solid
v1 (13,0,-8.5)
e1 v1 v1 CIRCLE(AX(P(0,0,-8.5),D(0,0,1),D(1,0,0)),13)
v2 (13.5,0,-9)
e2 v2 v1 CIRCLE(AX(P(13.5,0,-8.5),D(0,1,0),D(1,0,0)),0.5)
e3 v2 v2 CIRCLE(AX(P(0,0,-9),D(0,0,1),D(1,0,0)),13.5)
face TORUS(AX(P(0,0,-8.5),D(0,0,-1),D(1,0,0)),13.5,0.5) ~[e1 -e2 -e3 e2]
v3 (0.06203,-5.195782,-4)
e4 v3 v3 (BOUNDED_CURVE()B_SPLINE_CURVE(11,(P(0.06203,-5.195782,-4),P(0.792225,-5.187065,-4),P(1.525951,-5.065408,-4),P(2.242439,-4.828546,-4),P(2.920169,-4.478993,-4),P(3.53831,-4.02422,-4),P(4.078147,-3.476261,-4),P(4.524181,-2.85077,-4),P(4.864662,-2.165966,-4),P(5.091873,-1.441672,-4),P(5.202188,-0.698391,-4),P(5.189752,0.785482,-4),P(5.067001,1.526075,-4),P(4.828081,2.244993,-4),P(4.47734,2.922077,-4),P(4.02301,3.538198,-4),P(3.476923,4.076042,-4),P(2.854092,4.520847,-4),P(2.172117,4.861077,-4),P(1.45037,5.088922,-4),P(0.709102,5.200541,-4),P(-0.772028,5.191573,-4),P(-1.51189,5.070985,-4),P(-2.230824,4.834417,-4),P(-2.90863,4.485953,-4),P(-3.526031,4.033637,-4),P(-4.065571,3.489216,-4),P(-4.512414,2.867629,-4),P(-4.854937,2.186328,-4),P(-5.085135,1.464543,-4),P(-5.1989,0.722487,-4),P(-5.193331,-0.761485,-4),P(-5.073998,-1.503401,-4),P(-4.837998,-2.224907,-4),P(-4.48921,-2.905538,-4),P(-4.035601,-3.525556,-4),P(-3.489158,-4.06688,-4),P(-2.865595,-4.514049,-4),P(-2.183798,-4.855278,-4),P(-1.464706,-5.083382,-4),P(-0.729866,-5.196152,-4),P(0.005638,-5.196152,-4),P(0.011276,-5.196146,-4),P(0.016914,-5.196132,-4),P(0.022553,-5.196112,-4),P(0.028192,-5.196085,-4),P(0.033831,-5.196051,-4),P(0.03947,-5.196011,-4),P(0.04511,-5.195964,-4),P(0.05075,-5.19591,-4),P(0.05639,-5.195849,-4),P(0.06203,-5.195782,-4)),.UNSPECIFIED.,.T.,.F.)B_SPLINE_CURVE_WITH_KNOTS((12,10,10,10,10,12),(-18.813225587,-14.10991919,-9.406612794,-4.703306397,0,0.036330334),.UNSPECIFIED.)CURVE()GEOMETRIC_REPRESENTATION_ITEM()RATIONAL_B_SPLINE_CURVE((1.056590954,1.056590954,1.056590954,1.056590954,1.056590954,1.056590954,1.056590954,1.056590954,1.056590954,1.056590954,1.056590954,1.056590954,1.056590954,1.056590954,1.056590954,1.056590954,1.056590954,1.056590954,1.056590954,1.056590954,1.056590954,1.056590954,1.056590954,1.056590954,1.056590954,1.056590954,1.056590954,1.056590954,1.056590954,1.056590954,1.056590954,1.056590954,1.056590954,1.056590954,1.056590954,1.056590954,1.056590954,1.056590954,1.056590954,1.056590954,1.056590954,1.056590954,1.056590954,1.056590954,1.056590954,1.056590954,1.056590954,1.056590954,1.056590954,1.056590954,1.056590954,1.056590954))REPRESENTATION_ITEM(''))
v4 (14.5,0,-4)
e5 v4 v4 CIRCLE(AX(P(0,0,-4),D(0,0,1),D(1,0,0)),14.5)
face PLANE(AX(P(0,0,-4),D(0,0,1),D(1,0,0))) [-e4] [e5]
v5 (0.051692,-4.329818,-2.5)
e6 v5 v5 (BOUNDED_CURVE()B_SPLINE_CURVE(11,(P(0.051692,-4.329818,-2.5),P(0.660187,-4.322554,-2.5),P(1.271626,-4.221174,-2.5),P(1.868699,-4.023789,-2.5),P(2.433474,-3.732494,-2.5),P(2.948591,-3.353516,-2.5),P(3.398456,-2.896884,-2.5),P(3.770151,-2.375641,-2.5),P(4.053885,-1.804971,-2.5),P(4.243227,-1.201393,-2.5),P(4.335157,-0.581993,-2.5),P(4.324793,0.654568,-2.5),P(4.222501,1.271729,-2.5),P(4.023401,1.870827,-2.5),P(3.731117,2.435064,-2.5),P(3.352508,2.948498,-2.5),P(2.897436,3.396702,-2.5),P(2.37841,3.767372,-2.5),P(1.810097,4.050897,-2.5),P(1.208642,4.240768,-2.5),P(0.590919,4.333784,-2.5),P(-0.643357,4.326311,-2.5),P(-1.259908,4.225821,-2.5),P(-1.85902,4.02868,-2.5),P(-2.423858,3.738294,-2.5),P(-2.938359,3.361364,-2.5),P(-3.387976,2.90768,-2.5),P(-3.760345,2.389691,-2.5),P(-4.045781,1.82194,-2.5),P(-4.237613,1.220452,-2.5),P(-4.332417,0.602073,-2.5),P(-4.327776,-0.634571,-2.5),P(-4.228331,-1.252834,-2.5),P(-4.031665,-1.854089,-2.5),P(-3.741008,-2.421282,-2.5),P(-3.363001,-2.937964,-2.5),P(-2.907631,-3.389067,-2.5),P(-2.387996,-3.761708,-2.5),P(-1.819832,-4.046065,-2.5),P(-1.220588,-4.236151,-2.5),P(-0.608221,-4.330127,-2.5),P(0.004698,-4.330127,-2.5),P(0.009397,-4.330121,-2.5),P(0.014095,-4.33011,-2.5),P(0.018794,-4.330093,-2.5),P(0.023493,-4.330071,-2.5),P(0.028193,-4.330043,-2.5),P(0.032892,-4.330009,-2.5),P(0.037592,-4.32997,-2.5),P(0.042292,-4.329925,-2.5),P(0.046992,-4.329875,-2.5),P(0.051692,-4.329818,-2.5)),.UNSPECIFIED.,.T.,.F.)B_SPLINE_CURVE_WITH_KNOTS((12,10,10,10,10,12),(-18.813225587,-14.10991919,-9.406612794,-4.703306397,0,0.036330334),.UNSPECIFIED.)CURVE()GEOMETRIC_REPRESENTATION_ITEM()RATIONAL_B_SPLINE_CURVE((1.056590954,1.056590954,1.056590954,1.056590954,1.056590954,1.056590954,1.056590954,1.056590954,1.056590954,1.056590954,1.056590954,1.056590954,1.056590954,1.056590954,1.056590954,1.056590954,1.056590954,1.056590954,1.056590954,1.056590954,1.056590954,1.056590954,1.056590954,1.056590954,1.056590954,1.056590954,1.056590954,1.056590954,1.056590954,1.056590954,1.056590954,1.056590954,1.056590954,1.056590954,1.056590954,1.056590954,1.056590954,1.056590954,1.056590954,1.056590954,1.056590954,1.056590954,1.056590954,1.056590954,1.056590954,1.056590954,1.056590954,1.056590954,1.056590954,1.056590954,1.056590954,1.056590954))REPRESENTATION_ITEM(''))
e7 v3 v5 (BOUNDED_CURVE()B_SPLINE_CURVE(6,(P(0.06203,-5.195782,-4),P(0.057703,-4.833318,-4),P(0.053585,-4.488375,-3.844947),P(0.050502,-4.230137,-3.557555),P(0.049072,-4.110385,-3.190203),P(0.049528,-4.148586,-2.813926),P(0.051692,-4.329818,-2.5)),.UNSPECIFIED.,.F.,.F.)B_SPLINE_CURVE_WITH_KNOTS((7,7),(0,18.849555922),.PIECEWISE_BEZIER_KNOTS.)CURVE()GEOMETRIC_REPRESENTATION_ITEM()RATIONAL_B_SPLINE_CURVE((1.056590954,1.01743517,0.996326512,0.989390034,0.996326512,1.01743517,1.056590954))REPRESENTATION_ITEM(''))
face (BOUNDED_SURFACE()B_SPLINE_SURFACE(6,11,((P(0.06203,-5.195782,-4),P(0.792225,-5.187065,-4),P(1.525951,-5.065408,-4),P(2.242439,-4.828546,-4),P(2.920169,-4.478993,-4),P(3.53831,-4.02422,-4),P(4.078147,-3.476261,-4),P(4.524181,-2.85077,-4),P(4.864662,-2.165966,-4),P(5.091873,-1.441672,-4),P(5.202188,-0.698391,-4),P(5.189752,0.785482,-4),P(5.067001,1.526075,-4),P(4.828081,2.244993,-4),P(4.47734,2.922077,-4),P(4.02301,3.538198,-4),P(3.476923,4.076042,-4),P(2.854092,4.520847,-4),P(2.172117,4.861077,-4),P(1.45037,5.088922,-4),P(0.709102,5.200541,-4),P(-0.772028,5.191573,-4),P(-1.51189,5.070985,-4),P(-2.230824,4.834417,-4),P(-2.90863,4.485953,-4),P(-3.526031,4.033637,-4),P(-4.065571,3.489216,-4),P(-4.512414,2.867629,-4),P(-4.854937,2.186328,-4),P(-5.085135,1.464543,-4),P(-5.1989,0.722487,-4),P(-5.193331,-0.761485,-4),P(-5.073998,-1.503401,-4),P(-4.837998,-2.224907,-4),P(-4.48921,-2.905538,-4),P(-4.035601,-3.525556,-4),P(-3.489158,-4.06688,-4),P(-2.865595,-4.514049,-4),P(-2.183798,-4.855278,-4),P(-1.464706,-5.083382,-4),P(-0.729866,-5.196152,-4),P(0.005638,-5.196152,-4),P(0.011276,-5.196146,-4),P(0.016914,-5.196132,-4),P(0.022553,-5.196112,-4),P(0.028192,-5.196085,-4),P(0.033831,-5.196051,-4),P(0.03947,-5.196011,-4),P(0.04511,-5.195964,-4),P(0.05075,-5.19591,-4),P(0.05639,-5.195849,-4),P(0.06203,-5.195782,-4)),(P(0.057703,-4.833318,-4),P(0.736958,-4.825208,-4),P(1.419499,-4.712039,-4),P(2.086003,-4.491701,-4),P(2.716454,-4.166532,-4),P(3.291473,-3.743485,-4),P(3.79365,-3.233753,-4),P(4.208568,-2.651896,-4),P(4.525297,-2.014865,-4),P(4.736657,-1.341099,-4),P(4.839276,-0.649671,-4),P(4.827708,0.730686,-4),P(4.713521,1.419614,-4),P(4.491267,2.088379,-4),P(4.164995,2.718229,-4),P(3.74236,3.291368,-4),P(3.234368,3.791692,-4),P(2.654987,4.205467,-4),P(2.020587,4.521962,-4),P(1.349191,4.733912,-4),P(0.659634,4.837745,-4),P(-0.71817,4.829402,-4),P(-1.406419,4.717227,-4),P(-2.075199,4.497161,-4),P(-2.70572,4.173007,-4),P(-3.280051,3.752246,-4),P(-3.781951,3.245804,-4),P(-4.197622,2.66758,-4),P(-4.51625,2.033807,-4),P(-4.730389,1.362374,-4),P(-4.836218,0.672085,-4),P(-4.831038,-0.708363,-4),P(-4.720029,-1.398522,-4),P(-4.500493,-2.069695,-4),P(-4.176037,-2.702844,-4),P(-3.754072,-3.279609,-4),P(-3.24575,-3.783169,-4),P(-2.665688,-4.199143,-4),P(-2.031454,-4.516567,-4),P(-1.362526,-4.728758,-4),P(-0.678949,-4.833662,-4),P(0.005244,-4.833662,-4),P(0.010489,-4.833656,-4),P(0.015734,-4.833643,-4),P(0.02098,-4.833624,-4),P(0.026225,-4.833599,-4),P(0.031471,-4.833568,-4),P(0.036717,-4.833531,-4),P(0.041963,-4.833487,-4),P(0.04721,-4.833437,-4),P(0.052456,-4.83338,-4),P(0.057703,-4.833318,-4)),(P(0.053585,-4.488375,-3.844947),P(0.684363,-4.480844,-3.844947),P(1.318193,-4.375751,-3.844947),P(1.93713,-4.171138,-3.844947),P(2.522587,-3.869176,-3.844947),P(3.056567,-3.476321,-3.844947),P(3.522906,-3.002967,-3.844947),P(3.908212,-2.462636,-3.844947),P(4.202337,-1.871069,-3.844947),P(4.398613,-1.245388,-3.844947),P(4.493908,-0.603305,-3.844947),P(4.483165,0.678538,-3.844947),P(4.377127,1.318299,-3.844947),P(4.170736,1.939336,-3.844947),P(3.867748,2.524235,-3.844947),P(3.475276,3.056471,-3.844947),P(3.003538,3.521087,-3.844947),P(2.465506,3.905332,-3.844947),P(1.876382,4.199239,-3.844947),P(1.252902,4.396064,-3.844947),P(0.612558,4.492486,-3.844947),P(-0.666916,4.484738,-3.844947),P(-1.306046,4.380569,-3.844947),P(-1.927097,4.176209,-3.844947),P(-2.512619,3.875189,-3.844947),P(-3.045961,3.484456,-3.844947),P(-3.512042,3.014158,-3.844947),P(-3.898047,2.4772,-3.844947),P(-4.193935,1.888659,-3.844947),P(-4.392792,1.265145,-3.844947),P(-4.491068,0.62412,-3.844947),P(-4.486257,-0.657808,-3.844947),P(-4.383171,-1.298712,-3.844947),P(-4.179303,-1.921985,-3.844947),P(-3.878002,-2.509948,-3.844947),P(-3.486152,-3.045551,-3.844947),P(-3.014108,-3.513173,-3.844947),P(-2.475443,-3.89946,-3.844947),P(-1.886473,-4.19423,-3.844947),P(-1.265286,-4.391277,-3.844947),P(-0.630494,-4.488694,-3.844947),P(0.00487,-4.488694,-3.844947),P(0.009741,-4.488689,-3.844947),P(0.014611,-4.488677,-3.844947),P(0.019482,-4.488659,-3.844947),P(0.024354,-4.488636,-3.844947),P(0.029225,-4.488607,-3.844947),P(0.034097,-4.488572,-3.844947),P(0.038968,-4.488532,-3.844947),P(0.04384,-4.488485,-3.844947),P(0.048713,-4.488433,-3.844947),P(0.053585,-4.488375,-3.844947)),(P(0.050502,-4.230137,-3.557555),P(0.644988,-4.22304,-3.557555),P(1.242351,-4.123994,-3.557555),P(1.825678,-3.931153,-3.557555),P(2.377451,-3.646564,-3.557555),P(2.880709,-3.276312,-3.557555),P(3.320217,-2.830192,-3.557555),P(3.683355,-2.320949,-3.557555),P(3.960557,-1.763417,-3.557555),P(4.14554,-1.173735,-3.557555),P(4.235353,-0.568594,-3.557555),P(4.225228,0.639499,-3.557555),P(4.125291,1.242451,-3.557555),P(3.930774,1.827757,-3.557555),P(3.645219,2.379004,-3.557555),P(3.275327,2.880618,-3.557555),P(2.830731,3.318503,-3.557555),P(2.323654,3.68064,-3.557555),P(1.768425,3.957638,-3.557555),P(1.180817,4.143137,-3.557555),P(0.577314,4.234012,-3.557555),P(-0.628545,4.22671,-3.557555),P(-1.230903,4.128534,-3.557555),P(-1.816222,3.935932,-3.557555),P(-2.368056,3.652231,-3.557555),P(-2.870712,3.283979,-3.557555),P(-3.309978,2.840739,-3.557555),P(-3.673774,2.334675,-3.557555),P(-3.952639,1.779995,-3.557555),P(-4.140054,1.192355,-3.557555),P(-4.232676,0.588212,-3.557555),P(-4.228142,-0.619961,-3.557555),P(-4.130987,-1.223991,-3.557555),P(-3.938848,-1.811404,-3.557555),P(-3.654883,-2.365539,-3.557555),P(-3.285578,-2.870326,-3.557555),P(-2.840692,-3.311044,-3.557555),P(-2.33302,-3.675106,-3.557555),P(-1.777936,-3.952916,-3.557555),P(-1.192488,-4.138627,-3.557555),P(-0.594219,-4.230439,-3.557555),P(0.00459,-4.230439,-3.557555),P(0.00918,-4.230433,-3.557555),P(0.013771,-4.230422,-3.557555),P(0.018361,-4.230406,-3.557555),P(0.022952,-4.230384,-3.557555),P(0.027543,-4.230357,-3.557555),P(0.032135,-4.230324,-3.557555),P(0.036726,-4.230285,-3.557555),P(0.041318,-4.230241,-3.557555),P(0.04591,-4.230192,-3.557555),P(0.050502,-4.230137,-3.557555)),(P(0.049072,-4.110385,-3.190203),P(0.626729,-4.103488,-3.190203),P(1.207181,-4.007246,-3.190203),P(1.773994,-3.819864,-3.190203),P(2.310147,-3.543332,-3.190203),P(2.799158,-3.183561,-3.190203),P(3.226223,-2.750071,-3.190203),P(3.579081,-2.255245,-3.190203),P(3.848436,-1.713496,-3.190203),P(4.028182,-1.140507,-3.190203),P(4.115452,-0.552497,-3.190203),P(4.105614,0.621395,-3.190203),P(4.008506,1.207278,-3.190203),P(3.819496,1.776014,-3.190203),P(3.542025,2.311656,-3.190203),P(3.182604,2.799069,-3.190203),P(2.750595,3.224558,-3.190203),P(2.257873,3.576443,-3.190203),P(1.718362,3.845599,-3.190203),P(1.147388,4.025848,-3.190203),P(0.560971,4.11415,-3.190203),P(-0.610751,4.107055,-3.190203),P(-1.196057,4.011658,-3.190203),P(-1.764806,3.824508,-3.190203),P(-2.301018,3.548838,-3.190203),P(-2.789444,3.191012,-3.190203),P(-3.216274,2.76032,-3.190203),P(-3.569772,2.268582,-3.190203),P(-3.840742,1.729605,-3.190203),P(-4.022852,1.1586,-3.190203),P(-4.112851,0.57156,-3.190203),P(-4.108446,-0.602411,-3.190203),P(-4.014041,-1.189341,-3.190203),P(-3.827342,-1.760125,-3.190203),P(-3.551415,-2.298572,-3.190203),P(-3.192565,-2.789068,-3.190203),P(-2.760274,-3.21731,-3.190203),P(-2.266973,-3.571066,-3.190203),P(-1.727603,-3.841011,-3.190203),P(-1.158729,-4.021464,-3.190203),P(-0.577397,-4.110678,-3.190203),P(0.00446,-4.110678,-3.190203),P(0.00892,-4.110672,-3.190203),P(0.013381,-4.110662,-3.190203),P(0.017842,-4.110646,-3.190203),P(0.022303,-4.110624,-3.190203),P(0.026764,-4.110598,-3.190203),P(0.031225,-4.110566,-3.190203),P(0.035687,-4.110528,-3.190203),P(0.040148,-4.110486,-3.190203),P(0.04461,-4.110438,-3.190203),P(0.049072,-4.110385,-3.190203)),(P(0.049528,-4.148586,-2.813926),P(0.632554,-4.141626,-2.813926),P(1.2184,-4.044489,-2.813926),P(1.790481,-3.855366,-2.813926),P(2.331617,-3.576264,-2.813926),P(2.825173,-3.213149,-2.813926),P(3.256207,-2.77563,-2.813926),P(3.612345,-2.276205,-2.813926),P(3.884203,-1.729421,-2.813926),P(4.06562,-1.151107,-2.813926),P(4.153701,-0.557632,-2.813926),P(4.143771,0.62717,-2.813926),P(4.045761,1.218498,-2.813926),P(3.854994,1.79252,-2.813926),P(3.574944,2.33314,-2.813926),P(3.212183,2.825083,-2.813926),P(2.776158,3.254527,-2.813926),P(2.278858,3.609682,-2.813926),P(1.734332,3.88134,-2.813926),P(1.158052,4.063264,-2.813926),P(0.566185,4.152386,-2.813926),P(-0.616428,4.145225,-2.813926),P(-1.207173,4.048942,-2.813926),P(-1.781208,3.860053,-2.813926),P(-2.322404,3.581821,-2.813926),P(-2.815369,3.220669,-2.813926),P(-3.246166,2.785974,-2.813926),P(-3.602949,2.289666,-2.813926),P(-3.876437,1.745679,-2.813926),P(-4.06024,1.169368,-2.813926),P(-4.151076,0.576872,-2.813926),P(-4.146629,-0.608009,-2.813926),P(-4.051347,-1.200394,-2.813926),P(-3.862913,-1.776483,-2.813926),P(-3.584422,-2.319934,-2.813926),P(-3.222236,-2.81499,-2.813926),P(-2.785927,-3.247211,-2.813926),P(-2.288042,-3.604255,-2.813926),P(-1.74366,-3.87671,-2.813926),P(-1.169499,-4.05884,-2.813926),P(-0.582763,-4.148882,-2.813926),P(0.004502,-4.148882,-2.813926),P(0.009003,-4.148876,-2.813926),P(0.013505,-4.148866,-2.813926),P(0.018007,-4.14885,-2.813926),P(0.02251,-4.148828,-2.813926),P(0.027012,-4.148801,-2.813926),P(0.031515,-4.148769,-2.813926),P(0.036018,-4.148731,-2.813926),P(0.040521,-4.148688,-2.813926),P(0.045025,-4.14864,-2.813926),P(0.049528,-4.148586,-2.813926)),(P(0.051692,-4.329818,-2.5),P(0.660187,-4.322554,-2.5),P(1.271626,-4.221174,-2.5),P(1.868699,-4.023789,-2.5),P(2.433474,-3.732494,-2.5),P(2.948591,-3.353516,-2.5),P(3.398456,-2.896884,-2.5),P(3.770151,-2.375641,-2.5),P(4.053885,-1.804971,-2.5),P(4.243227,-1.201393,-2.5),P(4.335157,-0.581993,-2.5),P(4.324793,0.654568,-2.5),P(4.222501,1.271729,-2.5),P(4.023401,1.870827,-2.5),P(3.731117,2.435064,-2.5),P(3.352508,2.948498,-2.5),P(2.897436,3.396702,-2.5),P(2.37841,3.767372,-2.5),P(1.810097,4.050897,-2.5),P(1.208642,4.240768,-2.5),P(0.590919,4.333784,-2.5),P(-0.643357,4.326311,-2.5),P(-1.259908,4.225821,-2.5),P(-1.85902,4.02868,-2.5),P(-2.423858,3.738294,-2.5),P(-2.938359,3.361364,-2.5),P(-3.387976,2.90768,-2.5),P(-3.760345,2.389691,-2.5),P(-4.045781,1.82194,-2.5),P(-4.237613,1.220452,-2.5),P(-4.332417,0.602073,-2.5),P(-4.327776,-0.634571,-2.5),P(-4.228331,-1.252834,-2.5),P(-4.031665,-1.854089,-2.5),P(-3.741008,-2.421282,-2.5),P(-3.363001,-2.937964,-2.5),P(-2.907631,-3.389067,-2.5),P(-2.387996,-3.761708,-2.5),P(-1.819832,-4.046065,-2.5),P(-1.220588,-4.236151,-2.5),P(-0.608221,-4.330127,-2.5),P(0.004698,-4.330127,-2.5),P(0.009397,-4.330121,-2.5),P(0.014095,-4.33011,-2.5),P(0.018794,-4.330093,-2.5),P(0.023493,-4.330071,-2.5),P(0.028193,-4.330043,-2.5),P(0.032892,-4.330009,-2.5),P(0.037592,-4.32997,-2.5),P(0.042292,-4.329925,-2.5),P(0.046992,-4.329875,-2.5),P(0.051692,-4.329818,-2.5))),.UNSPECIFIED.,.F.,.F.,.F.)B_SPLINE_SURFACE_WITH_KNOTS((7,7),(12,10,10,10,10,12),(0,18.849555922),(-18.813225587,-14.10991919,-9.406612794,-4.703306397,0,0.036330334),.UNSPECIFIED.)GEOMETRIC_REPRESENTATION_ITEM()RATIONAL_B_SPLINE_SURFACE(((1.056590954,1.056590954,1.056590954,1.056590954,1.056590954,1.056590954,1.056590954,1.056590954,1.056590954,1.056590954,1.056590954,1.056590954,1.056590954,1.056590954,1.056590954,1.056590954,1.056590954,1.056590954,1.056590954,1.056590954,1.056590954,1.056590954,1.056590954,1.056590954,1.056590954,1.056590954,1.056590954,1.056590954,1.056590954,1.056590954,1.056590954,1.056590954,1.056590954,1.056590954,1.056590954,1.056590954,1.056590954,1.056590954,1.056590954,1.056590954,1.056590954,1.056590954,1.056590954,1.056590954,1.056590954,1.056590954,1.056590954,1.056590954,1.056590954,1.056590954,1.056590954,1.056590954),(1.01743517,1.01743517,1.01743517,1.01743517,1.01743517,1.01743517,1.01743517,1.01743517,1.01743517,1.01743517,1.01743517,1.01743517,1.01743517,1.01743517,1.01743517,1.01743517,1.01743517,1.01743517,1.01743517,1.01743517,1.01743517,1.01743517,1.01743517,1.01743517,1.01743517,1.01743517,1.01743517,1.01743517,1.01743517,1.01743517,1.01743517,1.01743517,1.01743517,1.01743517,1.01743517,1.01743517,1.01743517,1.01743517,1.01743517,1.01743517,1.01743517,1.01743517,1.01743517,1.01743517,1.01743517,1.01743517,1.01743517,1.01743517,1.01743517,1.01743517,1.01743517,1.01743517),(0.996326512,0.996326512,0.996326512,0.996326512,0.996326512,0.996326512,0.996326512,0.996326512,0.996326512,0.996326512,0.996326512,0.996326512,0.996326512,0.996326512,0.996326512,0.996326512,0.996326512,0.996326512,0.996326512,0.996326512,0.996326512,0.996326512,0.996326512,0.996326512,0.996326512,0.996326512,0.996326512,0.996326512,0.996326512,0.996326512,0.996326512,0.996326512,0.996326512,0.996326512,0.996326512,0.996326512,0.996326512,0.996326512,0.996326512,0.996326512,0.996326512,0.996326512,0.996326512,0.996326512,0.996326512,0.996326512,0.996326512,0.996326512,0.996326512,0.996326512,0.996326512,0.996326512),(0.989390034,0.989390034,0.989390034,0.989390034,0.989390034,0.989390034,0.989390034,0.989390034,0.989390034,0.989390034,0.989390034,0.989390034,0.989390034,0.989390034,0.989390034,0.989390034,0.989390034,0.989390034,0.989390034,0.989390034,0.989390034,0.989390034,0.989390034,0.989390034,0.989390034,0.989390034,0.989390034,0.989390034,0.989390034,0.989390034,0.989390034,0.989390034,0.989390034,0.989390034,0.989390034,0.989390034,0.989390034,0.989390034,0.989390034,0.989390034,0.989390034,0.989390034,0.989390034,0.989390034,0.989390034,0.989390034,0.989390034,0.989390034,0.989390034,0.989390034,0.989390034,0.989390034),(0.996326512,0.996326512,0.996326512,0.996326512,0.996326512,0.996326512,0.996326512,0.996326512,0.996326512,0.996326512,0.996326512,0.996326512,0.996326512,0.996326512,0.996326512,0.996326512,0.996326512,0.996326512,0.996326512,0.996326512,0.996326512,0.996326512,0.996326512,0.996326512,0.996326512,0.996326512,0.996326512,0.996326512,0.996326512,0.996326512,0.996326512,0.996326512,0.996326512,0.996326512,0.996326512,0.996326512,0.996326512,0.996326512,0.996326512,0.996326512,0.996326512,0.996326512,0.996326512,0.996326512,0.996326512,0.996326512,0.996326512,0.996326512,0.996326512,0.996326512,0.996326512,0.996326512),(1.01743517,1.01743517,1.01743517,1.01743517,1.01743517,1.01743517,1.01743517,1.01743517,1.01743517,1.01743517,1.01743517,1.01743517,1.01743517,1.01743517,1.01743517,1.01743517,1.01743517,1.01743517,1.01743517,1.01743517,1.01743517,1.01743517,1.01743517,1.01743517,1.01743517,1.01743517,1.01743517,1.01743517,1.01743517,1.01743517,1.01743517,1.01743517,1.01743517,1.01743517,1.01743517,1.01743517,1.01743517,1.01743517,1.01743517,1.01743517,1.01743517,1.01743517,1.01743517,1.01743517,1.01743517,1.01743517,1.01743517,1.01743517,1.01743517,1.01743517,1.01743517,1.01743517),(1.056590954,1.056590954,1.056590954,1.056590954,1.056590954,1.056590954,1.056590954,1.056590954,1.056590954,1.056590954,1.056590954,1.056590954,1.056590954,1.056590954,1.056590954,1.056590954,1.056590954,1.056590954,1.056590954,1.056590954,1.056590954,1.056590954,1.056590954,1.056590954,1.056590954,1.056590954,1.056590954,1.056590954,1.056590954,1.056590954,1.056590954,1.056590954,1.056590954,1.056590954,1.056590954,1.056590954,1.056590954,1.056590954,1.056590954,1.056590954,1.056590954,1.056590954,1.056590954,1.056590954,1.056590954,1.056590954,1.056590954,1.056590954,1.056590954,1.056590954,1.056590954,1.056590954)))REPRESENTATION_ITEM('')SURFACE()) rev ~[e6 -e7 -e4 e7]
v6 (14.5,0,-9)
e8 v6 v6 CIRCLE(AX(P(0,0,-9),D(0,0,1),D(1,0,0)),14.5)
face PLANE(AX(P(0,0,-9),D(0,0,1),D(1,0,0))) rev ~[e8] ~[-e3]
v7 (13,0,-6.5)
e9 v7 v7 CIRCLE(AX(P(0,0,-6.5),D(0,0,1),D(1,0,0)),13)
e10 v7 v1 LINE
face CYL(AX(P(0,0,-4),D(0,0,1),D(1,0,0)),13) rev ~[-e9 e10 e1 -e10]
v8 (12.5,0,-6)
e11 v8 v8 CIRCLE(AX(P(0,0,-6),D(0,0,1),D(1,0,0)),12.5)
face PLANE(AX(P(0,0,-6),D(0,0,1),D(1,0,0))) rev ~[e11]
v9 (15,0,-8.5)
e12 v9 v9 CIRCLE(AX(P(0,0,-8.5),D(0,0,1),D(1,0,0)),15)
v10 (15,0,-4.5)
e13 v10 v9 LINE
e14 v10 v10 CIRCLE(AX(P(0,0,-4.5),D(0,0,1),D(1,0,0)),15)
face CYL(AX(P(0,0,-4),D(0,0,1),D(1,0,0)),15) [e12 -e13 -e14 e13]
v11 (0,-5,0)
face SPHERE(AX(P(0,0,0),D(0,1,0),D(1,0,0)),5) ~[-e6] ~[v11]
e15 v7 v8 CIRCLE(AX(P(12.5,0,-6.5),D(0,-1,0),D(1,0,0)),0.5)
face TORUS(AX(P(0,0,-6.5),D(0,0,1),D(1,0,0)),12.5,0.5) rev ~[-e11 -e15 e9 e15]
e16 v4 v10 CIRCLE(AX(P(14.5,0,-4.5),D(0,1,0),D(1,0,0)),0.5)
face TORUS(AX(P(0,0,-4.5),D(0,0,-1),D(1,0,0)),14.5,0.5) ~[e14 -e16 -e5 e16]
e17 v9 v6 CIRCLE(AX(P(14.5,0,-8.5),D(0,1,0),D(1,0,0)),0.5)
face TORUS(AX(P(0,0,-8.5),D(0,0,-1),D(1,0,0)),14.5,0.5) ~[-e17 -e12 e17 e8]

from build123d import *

# Parameters (mm, degrees)
F3_R     = 13
F4_DEPTH = 2
F3_R_2   = 15
F5_DEPTH = 5
F6_R     = 1
F7_R     = 0.5


with BuildPart() as f1:
    # F0 (on Top) → F1 (revolve)
    with BuildSketch(Plane.XY):
        with BuildLine():
            Line((0, 5), (0, -5))
            ThreePointArc((0, -5), (5, 0), (0, 5))
        make_face()
    revolve(axis=Axis((0, 0, 0), (0, -1, 0)))

    # F3 (on offset) → F4 (join)
    with BuildSketch(Plane.XY.offset(-4)):
        Circle(F3_R)
    extrude(amount=-F4_DEPTH)

    # F3 (on offset) → F5 (join)
    with BuildSketch(Plane.XY.offset(-4)):
        Circle(F3_R_2)
        Circle(F3_R, mode=Mode.SUBTRACT)
    extrude(amount=-F5_DEPTH)

    # F6
    f6_edges = [f1.edges().sort_by_distance(p)[0] for p in [
        (0, 3, -4),
    ]]
    fillet(f6_edges, radius=F6_R)

    # F7
    f7_edges = [f1.edges().sort_by_distance(p)[0] for p in [
        (-15, 0, -4),
        (-13, 0, -9),
        (-15, 0, -9),
        (-13, 0, -6),
    ]]
    fillet(f7_edges, radius=F7_R)


solid = f1.part
